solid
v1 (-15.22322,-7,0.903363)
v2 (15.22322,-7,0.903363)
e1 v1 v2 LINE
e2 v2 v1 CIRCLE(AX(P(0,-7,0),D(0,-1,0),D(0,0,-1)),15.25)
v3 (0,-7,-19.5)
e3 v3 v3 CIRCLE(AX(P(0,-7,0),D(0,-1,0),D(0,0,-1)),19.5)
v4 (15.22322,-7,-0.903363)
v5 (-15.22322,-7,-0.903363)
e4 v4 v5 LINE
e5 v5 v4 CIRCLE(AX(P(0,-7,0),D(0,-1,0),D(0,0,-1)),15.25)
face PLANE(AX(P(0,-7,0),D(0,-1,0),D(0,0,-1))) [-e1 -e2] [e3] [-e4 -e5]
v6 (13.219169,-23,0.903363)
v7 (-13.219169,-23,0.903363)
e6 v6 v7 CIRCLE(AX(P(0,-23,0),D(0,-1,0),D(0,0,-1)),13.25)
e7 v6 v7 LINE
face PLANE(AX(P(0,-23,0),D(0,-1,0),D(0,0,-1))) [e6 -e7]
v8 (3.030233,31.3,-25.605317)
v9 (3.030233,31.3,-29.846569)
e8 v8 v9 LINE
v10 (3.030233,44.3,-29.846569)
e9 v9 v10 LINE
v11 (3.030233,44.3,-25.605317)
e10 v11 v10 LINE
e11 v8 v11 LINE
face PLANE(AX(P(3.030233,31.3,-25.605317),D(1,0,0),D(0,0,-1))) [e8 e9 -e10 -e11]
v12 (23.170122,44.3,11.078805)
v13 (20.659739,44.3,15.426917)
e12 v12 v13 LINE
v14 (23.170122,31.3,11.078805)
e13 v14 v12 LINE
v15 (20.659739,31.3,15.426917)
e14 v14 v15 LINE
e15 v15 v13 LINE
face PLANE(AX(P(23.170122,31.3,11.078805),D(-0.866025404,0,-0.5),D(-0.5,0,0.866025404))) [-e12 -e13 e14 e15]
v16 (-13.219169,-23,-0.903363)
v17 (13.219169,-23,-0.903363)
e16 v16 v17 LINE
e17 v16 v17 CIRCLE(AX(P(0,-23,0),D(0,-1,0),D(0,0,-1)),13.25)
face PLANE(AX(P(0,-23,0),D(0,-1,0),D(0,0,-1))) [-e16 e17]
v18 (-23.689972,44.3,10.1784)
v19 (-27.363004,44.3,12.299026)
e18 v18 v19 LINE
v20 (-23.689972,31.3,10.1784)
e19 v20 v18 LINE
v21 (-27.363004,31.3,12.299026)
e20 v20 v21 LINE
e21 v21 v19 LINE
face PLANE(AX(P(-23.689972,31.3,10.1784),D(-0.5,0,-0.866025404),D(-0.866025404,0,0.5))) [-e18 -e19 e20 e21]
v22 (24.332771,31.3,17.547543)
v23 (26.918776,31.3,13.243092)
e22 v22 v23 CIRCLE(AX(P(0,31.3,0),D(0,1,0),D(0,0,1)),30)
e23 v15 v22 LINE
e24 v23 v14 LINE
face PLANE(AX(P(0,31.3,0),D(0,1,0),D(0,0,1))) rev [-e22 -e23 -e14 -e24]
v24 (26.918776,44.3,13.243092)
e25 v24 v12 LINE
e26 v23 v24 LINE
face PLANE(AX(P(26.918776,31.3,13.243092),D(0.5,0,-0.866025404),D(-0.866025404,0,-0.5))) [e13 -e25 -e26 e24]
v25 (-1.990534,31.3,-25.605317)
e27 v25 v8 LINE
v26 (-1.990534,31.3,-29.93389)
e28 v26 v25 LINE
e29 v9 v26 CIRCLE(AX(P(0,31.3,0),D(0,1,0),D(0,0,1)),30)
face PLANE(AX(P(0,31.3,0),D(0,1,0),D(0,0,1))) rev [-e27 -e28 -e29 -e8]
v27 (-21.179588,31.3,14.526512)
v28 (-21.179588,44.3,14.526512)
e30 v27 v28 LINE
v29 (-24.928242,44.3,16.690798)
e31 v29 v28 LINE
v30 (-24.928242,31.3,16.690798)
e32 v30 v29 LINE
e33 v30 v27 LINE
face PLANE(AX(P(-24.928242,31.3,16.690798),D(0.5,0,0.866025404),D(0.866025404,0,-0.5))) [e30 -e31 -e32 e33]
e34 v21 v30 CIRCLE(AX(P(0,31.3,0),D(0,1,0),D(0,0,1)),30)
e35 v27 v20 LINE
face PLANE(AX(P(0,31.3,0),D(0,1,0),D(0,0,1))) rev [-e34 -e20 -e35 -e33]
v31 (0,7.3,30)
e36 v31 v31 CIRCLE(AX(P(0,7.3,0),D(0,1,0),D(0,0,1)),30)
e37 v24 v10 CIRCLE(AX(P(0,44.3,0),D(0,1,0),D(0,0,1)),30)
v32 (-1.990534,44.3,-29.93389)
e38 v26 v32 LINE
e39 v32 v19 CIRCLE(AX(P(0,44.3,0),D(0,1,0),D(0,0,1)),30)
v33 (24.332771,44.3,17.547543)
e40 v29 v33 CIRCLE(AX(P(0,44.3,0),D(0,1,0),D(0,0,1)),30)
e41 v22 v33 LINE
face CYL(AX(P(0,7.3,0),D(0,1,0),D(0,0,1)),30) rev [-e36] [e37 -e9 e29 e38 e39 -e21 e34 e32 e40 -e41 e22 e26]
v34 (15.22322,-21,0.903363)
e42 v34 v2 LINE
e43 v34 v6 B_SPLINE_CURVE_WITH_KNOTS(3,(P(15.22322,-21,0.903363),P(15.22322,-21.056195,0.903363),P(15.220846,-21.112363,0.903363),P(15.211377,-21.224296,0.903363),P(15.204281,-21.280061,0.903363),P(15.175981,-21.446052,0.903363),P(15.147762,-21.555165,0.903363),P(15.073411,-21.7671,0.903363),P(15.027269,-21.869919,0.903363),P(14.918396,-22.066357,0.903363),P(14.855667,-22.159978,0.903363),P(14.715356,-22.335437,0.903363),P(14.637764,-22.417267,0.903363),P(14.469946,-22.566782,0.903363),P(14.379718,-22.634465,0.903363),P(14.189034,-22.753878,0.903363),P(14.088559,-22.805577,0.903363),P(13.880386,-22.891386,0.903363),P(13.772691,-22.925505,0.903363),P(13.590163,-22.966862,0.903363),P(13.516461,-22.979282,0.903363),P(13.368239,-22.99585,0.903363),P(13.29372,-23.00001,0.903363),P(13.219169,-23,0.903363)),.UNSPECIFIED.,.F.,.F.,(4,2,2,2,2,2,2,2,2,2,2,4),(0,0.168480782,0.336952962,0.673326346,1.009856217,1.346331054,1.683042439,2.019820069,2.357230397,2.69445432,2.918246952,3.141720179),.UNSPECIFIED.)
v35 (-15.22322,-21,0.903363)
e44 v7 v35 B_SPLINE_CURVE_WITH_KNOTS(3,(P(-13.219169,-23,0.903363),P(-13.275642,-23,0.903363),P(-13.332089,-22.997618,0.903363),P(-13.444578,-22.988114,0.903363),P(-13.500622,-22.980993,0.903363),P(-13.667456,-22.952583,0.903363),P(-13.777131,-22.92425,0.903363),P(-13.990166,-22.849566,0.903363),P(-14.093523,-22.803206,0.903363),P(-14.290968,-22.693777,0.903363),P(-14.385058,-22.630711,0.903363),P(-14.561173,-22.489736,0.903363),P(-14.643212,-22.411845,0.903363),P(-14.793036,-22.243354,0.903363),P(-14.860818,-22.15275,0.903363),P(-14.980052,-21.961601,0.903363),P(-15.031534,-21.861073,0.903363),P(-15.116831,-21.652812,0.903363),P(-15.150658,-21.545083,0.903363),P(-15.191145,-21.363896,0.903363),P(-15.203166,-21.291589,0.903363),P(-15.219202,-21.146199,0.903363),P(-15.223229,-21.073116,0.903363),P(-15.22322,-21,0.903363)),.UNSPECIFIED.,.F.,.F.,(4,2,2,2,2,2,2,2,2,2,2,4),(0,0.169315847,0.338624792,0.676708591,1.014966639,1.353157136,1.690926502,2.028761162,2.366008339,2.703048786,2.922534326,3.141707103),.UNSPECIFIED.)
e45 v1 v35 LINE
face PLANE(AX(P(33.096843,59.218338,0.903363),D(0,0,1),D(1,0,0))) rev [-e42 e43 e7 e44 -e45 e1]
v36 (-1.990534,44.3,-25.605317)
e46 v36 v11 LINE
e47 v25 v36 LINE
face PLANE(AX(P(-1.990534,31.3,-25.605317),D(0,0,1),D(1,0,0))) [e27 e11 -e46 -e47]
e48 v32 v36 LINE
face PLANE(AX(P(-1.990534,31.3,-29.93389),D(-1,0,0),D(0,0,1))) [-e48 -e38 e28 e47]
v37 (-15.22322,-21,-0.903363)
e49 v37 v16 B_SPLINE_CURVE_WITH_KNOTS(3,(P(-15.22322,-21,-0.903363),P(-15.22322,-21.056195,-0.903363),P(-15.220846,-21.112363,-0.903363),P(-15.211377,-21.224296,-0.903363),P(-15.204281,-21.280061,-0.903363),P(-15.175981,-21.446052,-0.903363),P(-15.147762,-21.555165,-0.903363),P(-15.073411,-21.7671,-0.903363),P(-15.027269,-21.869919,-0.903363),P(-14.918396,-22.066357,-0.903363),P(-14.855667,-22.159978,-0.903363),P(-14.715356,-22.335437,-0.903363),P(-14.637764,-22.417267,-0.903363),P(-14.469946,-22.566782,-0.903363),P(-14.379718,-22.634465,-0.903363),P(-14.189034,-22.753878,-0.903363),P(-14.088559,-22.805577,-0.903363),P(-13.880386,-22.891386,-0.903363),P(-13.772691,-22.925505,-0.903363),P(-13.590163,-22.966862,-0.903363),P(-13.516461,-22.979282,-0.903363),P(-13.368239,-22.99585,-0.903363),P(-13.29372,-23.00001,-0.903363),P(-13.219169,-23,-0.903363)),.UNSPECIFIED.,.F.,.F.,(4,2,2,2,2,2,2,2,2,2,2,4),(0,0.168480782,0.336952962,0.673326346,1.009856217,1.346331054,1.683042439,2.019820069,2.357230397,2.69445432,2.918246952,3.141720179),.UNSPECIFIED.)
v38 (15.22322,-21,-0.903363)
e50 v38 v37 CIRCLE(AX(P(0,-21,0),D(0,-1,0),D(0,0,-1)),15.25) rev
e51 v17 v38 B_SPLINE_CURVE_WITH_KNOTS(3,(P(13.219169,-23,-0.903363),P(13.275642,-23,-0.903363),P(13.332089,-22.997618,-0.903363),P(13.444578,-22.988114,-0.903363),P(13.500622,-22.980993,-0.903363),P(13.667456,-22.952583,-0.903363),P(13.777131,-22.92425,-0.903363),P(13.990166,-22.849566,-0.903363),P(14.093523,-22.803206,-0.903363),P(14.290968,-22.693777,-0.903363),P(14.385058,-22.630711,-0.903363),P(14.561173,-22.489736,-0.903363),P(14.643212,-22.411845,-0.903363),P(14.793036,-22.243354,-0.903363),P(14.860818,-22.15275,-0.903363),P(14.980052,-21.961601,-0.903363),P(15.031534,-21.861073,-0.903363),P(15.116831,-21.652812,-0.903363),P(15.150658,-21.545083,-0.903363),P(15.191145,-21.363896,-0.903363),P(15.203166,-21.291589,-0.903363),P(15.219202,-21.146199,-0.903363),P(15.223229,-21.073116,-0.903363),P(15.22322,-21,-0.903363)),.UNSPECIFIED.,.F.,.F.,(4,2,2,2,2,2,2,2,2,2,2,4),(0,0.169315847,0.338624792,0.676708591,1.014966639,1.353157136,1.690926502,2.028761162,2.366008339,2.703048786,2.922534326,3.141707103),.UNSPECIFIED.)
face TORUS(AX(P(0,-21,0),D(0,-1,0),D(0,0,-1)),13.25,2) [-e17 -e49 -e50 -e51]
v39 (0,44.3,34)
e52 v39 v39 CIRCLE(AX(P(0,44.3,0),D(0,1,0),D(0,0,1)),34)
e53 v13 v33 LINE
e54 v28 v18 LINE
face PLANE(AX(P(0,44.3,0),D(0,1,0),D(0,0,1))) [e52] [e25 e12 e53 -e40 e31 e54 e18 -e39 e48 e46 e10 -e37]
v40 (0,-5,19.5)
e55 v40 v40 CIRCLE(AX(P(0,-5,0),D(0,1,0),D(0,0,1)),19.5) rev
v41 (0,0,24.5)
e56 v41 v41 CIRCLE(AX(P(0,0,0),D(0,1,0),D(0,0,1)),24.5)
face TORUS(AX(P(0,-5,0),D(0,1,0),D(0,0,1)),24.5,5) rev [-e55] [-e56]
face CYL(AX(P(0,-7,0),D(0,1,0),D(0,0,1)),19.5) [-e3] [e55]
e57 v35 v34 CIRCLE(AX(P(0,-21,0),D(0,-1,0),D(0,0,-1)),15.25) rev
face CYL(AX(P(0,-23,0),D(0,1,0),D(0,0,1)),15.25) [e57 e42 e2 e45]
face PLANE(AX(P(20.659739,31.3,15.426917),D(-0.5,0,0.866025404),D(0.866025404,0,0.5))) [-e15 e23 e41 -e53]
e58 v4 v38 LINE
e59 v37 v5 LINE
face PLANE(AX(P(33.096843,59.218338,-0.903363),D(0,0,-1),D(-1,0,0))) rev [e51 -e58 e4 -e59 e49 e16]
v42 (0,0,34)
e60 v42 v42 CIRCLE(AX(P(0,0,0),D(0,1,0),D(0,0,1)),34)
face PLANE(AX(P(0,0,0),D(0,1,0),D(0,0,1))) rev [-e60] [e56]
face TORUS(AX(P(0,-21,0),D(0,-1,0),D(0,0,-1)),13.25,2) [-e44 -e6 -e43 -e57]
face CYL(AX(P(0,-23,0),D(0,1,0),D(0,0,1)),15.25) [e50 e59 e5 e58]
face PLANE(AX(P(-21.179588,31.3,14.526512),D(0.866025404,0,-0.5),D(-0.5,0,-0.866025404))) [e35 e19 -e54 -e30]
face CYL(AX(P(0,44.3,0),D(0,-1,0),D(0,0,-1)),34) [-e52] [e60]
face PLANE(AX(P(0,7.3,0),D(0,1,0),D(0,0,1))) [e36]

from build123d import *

# Parameters (mm, degrees)
SKETCH1_R           = 34
BOSS_EXTRUDE1_DEPTH = 44.3
SKETCH2_R           = 30
CUT_EXTRUDE1_DEPTH  = 37
SKETCH3_R           = 19.5
BOSS_EXTRUDE2_DEPTH = 7
SKETCH4_R           = 15.25
BOSS_EXTRUDE3_DEPTH = 16
FILLET1_R           = 5
BOSS_EXTRUDE4_DEPTH = 13
SKETCH7_W           = 66.193685288
SKETCH7_H           = 1.806726502
CUT_EXTRUDE2_DEPTH  = 16
FILLET2_R           = 2


with BuildPart() as part:
    # Sketch1 → Boss-Extrude1 (new body)
    with BuildSketch(Plane(origin=(0, 0, 0), x_dir=(1, 0, 0), z_dir=(0, 1, 0))):
        with Locations(Location((0, 0, 0), (0, 0, 270))):
            Circle(SKETCH1_R)
    extrude(amount=BOSS_EXTRUDE1_DEPTH)

    # Sketch2 → Cut-Extrude1 (cut)
    with BuildSketch(Plane(origin=(0, 44.3, 0), x_dir=(1, 0, 0), z_dir=(0, 1, 0))):
        with Locations(Location((0, 0, 0), (0, 0, 270))):
            Circle(SKETCH2_R)
    extrude(amount=-CUT_EXTRUDE1_DEPTH, mode=Mode.SUBTRACT)

    # Sketch3 → Boss-Extrude2 (add)
    with BuildSketch(Plane.XZ):
        with Locations(Location((0, 0, 0), (0, 0, 270))):
            Circle(SKETCH3_R)
    extrude(amount=BOSS_EXTRUDE2_DEPTH)

    # Sketch4 → Boss-Extrude3 (add)
    with BuildSketch(Plane.XZ.offset(7)):
        with Locations(Location((0, 0, 0), (0, 0, 270))):
            Circle(SKETCH4_R)
    extrude(amount=BOSS_EXTRUDE3_DEPTH)

    # Fillet1
    fillet1_edges = [part.edges().sort_by_distance(p)[0] for p in [
        (0, 0, 19.5),
    ]]
    fillet(fillet1_edges, radius=FILLET1_R)

    # Sketch5 → Boss-Extrude4 (add)
    with BuildSketch(Plane(origin=(0, 44.3, 0), x_dir=(1, 0, 0), z_dir=(0, 1, 0))):
        with BuildLine():
            Line((-1.990534123, 29.933890056), (-1.990534123, 25.605317076))
            Line((-1.990534123, 25.605317076), (3.030233114, 25.605317076))
            Line((3.030233114, 25.605317076), (3.030233114, 29.846569104))
            ThreePointArc((3.030233114, 29.846569104), (0.521679725, 29.995463828), (-1.990534123, 29.933890056))
        make_face()
        with BuildLine():
            Line((26.918776284, -13.243091911), (23.170122121, -11.07880542))
            Line((23.170122121, -11.07880542), (20.659738503, -15.426917394))
            Line((20.659738503, -15.426917394), (24.332770503, -17.547543408))
            ThreePointArc((24.332770503, -17.547543408), (25.715993811, -15.449519808), (26.918776284, -13.243091911))
        make_face()
        with BuildLine():
            Line((-24.928242161, -16.690798146), (-21.179587998, -14.526511655))
            Line((-21.179587998, -14.526511655), (-23.689971616, -10.178399682))
            Line((-23.689971616, -10.178399682), (-27.363003617, -12.299025696))
            ThreePointArc((-27.363003617, -12.299025696), (-26.237673536, -14.54594402), (-24.928242161, -16.690798146))
        make_face()
    extrude(amount=-BOSS_EXTRUDE4_DEPTH)

    # Sketch7 → Cut-Extrude2 (cut)
    with BuildSketch(Plane.XZ.offset(23)):
        Rectangle(SKETCH7_W, SKETCH7_H)
    extrude(amount=-CUT_EXTRUDE2_DEPTH, mode=Mode.SUBTRACT)

    # Fillet2
    fillet2_edges = [part.edges().sort_by_distance(p)[0] for p in [
        (0, -23, 15.25),
        (0, -23, -15.25),
    ]]
    fillet(fillet2_edges, radius=FILLET2_R)


solid = part.part
